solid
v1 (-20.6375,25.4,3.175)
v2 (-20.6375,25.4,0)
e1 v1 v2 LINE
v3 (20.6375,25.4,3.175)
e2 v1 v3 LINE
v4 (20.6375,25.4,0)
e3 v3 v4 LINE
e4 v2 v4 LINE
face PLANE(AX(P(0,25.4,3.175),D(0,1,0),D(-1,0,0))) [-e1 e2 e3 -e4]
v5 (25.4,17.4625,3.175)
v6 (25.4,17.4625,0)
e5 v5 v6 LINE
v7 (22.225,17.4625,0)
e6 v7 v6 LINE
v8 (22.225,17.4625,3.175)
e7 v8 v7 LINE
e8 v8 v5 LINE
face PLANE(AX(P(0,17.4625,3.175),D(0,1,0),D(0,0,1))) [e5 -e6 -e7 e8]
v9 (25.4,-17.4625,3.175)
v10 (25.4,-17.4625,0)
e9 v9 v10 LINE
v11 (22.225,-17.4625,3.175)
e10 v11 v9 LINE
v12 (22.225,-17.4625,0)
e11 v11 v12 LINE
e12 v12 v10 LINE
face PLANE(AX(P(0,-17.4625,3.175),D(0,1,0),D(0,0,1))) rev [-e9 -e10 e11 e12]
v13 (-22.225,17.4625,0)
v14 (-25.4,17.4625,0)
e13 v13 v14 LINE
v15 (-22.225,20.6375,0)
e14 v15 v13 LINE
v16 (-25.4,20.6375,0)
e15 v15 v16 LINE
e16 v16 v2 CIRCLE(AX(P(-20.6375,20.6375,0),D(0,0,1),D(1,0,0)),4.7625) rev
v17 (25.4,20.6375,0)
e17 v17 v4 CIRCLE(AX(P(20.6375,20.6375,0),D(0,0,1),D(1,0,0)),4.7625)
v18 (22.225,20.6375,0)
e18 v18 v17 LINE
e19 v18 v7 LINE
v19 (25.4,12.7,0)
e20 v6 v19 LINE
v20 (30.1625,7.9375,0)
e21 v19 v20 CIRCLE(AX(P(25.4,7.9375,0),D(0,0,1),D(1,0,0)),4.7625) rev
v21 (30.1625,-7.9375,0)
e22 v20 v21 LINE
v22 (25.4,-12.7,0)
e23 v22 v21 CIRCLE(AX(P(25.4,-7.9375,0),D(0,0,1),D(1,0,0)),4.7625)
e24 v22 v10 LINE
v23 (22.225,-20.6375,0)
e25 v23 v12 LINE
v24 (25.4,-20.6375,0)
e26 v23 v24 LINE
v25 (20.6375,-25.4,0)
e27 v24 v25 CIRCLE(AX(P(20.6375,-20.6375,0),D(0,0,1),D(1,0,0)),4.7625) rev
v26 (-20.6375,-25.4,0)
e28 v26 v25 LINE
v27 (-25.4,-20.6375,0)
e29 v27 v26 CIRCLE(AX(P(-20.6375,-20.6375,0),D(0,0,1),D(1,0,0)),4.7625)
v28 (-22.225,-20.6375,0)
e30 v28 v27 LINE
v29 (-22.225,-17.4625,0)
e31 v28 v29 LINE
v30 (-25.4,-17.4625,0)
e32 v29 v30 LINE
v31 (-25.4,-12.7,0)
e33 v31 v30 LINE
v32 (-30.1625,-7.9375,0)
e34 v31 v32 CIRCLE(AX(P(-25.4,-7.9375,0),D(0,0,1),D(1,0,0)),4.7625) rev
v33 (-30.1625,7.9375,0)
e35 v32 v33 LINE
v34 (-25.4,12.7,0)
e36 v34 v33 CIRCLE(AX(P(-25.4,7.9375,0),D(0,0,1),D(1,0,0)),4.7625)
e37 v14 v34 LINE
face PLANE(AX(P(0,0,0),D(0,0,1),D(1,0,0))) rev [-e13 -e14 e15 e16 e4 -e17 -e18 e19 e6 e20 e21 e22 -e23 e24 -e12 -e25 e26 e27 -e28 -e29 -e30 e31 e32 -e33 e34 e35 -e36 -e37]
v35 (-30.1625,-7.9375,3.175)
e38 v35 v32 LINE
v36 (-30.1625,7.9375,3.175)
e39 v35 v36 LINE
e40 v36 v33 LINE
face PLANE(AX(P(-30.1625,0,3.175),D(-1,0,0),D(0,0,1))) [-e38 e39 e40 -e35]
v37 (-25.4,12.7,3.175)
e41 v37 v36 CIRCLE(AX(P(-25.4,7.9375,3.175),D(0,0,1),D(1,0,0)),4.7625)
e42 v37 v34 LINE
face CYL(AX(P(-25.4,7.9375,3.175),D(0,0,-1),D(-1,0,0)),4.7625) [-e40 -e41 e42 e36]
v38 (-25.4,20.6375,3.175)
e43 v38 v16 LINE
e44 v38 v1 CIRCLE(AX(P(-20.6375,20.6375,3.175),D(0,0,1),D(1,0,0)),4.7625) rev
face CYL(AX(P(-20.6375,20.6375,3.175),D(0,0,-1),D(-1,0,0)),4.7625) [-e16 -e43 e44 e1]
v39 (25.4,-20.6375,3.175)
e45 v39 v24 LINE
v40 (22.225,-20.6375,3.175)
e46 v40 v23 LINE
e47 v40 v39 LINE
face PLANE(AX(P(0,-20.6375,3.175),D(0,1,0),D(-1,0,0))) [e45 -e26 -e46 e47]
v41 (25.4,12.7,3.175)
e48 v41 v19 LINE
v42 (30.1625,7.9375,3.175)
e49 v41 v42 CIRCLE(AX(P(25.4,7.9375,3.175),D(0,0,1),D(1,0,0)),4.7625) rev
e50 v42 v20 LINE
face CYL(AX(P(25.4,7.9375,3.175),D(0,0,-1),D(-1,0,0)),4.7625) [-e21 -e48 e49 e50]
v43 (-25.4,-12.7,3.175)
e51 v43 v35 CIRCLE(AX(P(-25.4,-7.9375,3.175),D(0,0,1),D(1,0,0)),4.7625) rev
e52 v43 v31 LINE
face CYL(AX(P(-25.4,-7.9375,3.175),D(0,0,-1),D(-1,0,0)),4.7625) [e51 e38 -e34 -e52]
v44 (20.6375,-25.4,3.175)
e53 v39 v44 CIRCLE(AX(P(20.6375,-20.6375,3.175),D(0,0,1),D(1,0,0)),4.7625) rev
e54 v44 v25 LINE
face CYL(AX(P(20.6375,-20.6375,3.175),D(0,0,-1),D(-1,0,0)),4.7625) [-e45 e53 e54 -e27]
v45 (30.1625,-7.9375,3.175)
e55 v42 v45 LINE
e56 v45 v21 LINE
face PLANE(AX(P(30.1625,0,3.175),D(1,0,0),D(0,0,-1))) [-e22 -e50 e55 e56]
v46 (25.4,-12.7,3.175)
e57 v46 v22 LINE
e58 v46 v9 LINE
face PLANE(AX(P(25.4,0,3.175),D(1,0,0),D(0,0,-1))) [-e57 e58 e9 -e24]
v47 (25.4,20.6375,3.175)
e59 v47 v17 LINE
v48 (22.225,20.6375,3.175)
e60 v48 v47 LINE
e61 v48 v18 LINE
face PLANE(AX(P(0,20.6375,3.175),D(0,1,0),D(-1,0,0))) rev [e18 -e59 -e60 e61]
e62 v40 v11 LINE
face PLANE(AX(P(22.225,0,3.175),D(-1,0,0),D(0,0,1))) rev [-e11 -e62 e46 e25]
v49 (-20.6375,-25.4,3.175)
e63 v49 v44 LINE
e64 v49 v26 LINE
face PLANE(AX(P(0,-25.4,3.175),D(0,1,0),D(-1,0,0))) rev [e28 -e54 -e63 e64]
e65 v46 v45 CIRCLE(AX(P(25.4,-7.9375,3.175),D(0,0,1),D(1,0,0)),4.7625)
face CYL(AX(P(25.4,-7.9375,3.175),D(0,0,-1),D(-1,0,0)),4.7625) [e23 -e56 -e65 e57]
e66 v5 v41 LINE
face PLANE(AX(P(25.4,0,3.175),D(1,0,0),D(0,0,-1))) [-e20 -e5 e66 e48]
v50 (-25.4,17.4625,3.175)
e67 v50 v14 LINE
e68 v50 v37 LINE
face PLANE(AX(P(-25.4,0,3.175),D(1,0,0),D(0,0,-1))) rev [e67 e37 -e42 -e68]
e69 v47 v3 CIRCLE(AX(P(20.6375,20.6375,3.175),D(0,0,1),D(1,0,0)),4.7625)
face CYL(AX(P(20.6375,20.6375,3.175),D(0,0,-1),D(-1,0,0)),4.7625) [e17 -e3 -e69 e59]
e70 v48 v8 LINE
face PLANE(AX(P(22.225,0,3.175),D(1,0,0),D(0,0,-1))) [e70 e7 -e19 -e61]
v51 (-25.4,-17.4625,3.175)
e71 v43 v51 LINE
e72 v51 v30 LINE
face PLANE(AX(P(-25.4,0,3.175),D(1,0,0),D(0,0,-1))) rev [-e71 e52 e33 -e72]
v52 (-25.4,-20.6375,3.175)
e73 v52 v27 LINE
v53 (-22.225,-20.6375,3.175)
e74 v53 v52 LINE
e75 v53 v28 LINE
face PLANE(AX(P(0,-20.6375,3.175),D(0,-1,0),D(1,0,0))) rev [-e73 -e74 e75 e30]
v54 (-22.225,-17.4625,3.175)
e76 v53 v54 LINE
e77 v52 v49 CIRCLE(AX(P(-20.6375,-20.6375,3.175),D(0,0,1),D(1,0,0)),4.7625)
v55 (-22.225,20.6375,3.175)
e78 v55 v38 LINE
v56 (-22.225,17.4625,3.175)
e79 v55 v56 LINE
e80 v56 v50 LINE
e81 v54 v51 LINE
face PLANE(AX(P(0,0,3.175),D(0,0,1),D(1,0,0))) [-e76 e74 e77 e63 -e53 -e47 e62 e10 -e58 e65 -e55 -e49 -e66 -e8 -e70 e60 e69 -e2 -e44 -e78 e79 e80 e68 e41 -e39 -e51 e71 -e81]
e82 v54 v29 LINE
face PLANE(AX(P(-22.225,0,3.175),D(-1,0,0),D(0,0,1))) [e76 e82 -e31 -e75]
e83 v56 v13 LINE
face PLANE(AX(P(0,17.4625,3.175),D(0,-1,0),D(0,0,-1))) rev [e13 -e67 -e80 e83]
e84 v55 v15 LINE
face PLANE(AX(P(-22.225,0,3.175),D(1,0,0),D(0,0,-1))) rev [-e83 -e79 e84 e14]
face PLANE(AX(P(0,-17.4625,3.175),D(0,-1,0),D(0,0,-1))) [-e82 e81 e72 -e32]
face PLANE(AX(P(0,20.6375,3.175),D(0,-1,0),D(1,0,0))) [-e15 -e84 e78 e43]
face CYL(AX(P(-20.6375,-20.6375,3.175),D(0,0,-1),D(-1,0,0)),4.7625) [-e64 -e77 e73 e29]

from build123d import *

# Parameters (mm, degrees)
BOSS_EXTRUDE2_DEPTH = 3.175


with BuildPart() as part:
    # Sketch1 → Boss-Extrude2 (new body)
    with BuildSketch(Plane.XY):
        with BuildLine():
            ThreePointArc((-25.4, -12.7), (-28.767596045, -11.305096045), (-30.1625, -7.9375))
            Line((-30.1625, -7.9375), (-30.1625, 7.9375))
            ThreePointArc((-30.1625, 7.9375), (-28.767596045, 11.305096045), (-25.4, 12.7))
            Line((-25.4, 12.7), (-25.4, 17.4625))
            Line((-25.4, 17.4625), (-22.225, 17.4625))
            Line((-22.225, 17.4625), (-22.225, 20.6375))
            Line((-22.225, 20.6375), (-25.4, 20.6375))
            ThreePointArc((-25.4, 20.6375), (-24.005096045, 24.005096045), (-20.6375, 25.4))
            Line((-20.6375, 25.4), (20.6375, 25.4))
            ThreePointArc((20.6375, 25.4), (24.005096045, 24.005096045), (25.4, 20.6375))
            Line((25.4, 20.6375), (22.225, 20.6375))
            Line((22.225, 20.6375), (22.225, 17.4625))
            Line((22.225, 17.4625), (25.4, 17.4625))
            Line((25.4, 17.4625), (25.4, 12.7))
            ThreePointArc((25.4, 12.7), (28.767596045, 11.305096045), (30.1625, 7.9375))
            Line((30.1625, 7.9375), (30.1625, -7.9375))
            ThreePointArc((30.1625, -7.9375), (28.767596045, -11.305096045), (25.4, -12.7))
            Line((25.4, -12.7), (25.4, -17.4625))
            Line((25.4, -17.4625), (22.225, -17.4625))
            Line((22.225, -17.4625), (22.225, -20.6375))
            Line((22.225, -20.6375), (25.4, -20.6375))
            ThreePointArc((25.4, -20.6375), (24.005096045, -24.005096045), (20.6375, -25.4))
            Line((20.6375, -25.4), (-20.6375, -25.4))
            ThreePointArc((-20.6375, -25.4), (-24.005096045, -24.005096045), (-25.4, -20.6375))
            Line((-25.4, -20.6375), (-22.225, -20.6375))
            Line((-22.225, -20.6375), (-22.225, -17.4625))
            Line((-22.225, -17.4625), (-25.4, -17.4625))
            Line((-25.4, -17.4625), (-25.4, -12.7))
        make_face()
    extrude(amount=BOSS_EXTRUDE2_DEPTH)


solid = part.part
